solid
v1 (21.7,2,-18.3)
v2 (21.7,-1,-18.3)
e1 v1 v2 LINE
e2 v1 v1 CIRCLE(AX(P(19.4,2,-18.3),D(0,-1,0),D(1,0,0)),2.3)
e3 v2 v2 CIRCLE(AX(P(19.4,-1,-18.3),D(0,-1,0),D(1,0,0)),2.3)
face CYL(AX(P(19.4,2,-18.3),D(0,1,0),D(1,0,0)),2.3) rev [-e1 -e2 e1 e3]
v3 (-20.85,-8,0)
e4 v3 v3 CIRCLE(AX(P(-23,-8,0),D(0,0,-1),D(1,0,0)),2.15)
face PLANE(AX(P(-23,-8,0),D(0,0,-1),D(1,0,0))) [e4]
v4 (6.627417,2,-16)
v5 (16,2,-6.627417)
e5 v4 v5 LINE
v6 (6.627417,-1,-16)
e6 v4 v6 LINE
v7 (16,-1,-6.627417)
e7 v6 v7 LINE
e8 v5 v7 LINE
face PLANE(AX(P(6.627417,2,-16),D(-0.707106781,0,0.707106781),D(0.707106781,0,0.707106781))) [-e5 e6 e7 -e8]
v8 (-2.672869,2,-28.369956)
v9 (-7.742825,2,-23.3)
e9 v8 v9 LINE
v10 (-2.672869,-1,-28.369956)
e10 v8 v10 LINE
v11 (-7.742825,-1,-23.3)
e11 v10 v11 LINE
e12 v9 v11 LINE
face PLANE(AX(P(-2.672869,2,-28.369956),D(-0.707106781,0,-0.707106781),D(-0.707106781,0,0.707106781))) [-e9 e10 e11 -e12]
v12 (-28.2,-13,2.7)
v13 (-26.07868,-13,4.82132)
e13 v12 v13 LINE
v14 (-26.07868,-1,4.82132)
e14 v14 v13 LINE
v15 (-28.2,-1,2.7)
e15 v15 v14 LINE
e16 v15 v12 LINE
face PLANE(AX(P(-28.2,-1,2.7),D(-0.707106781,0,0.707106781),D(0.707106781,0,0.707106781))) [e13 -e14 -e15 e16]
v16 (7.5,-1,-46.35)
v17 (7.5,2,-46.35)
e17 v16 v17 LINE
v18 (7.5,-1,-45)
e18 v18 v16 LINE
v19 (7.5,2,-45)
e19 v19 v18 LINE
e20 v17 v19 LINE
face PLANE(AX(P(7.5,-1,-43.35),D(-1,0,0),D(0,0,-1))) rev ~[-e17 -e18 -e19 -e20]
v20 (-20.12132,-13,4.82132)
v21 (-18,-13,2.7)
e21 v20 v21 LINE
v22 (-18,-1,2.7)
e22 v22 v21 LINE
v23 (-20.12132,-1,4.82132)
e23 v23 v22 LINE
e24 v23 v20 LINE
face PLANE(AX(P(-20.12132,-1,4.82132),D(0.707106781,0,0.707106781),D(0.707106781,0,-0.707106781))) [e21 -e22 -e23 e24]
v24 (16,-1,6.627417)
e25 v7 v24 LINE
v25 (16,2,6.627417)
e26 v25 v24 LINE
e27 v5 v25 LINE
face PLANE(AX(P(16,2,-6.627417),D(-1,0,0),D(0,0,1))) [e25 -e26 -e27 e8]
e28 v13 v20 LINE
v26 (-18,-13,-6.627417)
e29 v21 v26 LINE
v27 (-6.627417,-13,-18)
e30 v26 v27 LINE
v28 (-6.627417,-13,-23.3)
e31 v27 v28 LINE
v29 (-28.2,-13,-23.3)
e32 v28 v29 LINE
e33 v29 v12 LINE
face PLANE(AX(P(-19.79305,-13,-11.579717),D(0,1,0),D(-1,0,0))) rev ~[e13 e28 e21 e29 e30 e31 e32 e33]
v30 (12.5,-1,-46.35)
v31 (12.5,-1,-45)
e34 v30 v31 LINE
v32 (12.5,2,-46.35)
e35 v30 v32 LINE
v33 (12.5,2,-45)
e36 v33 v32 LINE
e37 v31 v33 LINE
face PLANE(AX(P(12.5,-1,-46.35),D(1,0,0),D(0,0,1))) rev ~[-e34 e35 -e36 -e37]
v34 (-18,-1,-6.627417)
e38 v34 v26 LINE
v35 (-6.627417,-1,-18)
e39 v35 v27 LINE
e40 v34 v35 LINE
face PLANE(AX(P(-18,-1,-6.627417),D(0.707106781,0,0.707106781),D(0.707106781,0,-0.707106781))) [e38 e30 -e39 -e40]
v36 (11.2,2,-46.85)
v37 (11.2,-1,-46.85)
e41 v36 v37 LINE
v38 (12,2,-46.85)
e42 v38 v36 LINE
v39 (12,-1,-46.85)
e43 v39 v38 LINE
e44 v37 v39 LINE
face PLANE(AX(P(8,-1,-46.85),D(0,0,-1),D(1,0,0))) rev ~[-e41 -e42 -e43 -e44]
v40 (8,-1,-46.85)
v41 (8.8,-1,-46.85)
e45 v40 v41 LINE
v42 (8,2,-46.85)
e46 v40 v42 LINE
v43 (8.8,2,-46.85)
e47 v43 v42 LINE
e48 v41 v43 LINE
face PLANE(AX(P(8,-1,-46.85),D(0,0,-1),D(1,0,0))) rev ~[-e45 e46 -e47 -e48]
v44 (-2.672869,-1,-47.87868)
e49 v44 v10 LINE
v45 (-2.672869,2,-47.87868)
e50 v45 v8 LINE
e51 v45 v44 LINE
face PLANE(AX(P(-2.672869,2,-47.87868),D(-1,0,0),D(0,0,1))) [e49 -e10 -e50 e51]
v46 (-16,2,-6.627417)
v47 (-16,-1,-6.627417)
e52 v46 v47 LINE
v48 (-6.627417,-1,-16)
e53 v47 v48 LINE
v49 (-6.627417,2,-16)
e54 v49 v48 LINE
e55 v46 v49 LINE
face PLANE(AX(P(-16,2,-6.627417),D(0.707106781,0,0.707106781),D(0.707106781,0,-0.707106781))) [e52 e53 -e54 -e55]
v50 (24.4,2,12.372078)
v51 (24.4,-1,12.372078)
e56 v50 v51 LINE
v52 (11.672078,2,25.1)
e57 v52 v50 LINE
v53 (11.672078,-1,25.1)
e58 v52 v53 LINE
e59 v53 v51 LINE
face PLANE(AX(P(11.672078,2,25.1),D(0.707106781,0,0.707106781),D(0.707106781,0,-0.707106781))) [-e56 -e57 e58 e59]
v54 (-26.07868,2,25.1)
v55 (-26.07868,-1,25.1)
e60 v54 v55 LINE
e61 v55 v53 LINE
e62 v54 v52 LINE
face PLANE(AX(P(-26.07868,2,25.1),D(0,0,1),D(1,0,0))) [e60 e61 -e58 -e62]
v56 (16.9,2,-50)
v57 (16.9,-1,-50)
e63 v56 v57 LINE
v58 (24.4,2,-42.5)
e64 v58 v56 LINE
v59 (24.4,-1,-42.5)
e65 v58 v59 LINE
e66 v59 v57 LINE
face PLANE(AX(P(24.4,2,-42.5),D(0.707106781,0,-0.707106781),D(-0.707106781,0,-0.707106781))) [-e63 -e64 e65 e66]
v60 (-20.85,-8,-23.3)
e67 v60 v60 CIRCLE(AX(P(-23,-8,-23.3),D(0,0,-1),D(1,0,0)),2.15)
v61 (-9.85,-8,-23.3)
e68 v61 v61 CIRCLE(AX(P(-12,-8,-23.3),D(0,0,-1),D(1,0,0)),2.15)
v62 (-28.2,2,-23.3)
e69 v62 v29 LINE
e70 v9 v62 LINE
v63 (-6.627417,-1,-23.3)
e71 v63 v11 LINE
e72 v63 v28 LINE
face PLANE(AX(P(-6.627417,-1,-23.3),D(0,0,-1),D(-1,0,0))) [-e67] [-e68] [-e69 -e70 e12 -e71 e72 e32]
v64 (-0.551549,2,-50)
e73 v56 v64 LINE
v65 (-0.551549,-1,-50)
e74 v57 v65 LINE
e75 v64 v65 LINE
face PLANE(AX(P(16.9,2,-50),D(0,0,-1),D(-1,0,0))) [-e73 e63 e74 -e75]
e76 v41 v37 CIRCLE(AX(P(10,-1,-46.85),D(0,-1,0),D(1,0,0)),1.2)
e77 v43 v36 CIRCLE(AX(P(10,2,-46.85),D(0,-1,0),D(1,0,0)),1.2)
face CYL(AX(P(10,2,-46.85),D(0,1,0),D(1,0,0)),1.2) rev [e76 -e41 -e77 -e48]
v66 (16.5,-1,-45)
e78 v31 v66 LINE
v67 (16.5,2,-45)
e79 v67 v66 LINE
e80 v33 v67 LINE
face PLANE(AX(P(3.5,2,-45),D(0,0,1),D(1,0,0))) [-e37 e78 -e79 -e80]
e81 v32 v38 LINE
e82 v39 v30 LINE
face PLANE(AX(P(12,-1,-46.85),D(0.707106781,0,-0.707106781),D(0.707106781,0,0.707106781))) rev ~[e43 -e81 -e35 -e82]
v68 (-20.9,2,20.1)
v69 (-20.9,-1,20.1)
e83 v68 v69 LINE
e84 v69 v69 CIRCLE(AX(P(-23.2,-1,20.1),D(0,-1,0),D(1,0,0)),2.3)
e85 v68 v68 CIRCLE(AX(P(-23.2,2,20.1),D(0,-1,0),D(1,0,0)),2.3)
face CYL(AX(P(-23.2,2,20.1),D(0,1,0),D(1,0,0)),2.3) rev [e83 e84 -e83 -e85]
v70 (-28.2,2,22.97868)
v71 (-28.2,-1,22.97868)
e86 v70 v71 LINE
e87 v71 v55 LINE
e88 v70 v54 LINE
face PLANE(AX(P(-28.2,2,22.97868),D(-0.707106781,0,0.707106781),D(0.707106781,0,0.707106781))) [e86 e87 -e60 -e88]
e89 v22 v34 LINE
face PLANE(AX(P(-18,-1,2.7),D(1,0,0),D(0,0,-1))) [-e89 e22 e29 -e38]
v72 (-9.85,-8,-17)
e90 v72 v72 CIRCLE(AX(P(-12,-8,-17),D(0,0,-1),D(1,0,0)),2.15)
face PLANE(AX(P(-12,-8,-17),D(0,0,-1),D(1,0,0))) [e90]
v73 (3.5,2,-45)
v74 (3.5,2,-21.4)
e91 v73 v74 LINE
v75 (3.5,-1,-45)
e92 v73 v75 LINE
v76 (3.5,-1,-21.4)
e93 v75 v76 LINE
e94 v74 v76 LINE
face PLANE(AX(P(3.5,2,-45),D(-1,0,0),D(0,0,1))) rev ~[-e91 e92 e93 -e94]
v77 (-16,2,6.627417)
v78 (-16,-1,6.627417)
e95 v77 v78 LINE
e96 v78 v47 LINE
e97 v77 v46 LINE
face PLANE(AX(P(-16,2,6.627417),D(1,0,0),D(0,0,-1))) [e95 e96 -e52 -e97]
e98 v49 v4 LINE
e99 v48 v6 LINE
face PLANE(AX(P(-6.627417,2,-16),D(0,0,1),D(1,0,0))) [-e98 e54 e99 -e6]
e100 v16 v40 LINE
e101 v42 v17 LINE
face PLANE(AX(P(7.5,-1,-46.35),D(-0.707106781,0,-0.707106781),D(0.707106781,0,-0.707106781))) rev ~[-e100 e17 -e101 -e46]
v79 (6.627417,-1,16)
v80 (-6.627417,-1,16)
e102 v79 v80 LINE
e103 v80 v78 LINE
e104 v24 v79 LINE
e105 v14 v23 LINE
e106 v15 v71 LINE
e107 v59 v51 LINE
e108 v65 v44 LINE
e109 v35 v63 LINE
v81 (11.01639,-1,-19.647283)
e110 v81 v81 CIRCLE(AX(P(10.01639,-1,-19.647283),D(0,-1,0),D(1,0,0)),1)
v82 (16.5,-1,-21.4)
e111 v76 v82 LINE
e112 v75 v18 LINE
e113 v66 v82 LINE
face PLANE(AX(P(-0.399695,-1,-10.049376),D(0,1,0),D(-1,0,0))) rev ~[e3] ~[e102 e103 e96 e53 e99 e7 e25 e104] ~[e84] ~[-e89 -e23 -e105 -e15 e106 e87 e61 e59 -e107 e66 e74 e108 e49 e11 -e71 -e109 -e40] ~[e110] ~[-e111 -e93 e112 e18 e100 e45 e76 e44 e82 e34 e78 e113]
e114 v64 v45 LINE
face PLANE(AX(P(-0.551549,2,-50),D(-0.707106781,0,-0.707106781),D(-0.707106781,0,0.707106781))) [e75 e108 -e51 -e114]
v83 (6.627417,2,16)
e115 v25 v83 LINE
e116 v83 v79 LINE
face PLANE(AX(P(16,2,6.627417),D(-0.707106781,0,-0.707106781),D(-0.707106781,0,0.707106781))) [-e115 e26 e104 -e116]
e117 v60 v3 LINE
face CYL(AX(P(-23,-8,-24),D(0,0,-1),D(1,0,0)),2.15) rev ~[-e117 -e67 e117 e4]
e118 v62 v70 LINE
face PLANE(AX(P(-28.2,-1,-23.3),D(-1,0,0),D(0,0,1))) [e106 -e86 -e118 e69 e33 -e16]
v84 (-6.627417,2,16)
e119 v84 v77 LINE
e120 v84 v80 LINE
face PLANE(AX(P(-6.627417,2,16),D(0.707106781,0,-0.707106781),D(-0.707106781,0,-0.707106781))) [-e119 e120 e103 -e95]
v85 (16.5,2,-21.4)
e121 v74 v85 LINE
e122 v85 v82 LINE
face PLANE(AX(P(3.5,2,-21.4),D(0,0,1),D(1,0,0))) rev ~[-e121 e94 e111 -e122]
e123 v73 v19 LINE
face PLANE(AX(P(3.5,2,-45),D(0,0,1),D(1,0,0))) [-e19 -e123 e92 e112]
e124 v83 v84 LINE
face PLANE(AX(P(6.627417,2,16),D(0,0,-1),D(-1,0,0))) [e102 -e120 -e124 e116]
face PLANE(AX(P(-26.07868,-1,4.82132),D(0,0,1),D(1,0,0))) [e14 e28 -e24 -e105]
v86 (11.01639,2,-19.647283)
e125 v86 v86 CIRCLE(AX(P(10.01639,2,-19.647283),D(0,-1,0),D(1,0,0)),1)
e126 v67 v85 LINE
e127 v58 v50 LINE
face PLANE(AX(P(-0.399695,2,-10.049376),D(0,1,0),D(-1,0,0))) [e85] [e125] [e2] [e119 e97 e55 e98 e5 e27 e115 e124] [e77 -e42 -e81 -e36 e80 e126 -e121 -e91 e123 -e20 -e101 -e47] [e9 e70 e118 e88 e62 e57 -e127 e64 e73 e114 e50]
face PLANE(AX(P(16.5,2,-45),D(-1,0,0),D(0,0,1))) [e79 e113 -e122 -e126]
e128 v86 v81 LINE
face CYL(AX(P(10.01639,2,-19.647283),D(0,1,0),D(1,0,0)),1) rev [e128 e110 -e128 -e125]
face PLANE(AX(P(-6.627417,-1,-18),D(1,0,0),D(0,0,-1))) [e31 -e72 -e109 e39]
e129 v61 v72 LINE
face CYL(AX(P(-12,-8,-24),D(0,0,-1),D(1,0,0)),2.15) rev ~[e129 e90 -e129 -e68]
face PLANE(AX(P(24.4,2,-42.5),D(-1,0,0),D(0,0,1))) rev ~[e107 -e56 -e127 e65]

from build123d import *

# Parameters (mm, degrees)
SKETCH_R           = 2.3
SKETCH_R_2         = 1
SKETCH_R_3         = 1.2
SKETCH_W           = 13
SKETCH_H           = 23.6
PAD_DEPTH          = 3
PAD005002_DEPTH    = 12
SKETCH002_R        = 2.15
POCKET_DEPTH       = 24
SKETCH003_R        = 2.15
POCKET002002_DEPTH = 7
POCKET002003_DEPTH = 3.001


with BuildPart() as part:
    # Sketch → Pad (new body)
    with BuildSketch(Plane.XZ):
        Polygon((-26.07868, 25.1), (11.672078, 25.1), (24.4, 12.372078), (24.4, -23.3), (24.4, -42.5), (16.9, -50), (-0.551549, -50), (-2.672869, -47.87868), (-2.672869, -28.369956), (-7.742825, -23.3), (-28.2, -23.3), (-28.2, 22.97868), align=None)
        with Locations((-23.2, 20.1)):
            Circle(SKETCH_R, mode=Mode.SUBTRACT)
        with Locations((19.4, -18.3)):
            Circle(SKETCH_R, mode=Mode.SUBTRACT)
        with Locations((10.01639, -19.647283)):
            Circle(SKETCH_R_2, mode=Mode.SUBTRACT)
        with Locations((10, -46.85)):
            Circle(SKETCH_R_3, mode=Mode.SUBTRACT)
        Polygon((16, 6.627417), (6.627417, 16), (-6.627417, 16), (-16, 6.627417), (-16, -6.627417), (-6.627417, -16), (6.627417, -16), (16, -6.627417), align=None, mode=Mode.SUBTRACT)
        with Locations((10, -33.2)):
            Rectangle(SKETCH_W, SKETCH_H, mode=Mode.SUBTRACT)
    extrude(amount=PAD_DEPTH)

    # Sketch001 (on Face30 of Pad) → Pad005002 (join)
    with BuildSketch(Plane.XZ.offset(3)):
        Polygon((-26.07868, 4.82132), (-20.12132, 4.82132), (-18, 2.7), (-18, -6.627417), (-6.627417, -18), (-6.627417, -23.3), (-28.2, -23.3), (-28.2, 2.7), align=None)
    extrude(amount=PAD005002_DEPTH)

    # Sketch002 (on Face38 of Pad005002) → Pocket (cut)
    with BuildSketch(Plane(origin=(0, 0, -24), x_dir=(1, 0, 0), z_dir=(0, 0, -1))):
        with Locations((-23, 10)):
            Circle(SKETCH002_R)
    extrude(amount=-POCKET_DEPTH, mode=Mode.SUBTRACT)

    # Sketch003 (on Face38 of Pad005002) → Pocket002002 (cut)
    with BuildSketch(Plane(origin=(0, 0, -24), x_dir=(1, 0, 0), z_dir=(0, 0, -1))):
        with Locations((-12, 10)):
            Circle(SKETCH003_R)
    extrude(amount=-POCKET002002_DEPTH, mode=Mode.SUBTRACT)

    # Sketch004 (on Face5 of Pocket002002) → Pocket002003 (cut, through all)
    with BuildSketch(Plane.XZ.offset(3)):
        Polygon((12.5, -43.35), (7.5, -43.35), (7.5, -46.35), (8, -46.85), (10, -46.85), (12, -46.85), (12.5, -46.35), align=None)
    extrude(amount=-POCKET002003_DEPTH, mode=Mode.SUBTRACT)


with BuildPart() as part_1:
    # Body placement: moved
    add(part.part.moved(Location((0, 2, 0))))


solid = part_1.part
